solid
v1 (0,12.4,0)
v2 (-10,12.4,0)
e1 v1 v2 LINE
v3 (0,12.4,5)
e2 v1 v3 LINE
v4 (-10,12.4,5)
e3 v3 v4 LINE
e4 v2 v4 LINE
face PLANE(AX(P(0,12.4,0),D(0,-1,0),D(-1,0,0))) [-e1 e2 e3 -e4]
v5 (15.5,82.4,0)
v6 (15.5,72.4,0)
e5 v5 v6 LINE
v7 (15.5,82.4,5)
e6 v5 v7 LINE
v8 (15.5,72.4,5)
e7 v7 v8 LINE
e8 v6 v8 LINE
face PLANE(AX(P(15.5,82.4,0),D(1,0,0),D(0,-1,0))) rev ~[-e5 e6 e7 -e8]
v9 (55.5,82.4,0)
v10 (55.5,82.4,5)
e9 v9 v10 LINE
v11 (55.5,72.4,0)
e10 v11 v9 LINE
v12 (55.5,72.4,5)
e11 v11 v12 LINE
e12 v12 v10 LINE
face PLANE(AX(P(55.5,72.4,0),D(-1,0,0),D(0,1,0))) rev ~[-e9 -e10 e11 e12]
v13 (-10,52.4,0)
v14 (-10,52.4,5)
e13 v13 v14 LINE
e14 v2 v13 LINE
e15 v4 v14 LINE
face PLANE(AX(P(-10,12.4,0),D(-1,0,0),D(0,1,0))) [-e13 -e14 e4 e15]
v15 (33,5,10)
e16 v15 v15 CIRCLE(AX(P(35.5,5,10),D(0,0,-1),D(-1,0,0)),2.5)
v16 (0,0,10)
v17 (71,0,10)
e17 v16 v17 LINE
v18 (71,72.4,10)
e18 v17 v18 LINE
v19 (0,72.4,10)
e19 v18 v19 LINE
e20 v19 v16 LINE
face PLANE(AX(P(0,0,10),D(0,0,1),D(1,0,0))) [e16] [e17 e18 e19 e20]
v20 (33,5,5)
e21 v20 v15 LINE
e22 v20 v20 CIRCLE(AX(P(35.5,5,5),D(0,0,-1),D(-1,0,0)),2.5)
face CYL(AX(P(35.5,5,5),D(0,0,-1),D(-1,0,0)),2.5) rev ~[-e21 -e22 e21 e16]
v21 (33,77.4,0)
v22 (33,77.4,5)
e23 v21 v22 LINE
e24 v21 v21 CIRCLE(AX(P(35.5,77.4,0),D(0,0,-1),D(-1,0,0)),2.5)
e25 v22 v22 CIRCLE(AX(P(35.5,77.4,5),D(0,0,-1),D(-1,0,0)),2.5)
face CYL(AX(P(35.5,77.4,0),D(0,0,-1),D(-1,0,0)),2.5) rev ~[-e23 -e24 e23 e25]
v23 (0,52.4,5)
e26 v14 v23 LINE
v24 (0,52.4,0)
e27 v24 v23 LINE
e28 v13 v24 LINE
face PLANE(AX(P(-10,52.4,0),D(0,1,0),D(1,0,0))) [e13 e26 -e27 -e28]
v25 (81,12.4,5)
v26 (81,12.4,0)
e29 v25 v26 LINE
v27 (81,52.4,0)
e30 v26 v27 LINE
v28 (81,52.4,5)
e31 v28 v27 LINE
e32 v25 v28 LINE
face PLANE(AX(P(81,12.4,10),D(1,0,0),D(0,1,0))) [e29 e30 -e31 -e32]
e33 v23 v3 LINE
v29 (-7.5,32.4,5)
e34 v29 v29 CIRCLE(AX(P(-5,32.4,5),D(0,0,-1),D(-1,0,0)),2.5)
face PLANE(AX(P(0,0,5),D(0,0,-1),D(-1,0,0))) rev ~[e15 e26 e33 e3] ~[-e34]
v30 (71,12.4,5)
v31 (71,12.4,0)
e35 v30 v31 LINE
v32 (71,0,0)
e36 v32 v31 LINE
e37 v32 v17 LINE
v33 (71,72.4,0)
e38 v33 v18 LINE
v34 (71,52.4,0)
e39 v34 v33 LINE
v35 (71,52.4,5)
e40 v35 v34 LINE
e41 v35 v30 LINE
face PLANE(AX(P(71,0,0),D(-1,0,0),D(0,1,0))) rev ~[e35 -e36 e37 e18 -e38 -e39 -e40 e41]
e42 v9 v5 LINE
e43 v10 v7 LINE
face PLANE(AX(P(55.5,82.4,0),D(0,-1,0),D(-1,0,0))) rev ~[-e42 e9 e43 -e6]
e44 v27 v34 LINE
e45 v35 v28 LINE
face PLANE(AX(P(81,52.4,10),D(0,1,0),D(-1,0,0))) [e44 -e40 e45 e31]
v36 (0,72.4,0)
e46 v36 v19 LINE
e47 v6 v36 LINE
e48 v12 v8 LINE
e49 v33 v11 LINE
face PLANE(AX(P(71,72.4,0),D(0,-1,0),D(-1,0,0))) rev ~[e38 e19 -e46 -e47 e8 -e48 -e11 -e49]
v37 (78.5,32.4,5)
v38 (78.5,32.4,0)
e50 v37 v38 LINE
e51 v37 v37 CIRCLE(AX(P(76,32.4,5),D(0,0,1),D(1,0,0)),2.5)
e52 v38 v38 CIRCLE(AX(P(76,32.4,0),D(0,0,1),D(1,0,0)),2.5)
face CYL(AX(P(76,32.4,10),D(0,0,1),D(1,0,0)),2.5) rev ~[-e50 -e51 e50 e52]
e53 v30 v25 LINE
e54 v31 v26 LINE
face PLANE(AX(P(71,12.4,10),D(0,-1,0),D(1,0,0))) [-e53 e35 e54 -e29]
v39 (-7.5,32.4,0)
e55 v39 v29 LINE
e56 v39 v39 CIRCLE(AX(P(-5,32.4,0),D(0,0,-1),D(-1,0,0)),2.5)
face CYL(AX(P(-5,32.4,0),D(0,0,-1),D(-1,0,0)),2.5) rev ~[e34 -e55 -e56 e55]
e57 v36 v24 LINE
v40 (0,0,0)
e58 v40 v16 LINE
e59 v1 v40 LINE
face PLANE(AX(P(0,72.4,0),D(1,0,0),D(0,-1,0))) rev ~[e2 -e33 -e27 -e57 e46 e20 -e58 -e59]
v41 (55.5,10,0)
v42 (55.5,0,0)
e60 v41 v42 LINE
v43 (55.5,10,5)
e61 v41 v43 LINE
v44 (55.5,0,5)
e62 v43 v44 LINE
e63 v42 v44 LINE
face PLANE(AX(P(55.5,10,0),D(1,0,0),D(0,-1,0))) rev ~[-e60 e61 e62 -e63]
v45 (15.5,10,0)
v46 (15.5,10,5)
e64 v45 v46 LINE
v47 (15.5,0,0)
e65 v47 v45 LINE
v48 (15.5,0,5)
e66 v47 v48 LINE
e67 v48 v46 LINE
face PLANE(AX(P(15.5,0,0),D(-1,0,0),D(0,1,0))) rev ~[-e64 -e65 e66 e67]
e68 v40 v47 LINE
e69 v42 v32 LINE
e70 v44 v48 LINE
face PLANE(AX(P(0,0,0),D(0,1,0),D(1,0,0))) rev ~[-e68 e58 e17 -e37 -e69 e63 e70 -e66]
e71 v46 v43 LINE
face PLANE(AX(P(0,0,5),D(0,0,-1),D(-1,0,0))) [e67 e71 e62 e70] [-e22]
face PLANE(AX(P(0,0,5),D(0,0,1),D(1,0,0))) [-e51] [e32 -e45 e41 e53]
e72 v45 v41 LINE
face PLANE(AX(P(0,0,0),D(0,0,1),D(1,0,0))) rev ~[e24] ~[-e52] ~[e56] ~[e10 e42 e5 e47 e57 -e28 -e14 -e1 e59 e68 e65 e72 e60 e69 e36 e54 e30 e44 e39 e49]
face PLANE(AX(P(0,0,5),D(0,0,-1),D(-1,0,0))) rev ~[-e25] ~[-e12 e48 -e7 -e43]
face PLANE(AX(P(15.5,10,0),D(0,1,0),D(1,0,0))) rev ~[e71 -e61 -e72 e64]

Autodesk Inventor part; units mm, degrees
ref_plane "YZ Plane" through (0, 0, 0) normal (1, 0, 0) x (0, 1, 0)
ref_plane "XZ Plane" through (0, 0, 0) normal (0, 1, 0) x (-1, 0, 0)
ref_plane "XY Plane" through (0, 0, 0) normal (0, 0, 1) x (1, 0, 0)
sketch "Sketch1" plane through (0, 0, 0) normal (0, 0, 1) x (1, 0, 0)
  line L0 (0, 0) -> (71, 0)
  line L1 (71, 0) -> (71, 72.4)
  line L2 (71, 72.4) -> (0, 72.4)
  line L3 (0, 72.4) -> (0, 0)
  dimension "d0" = 71
  dimension "d1" = 72.4
extrude "Extrusion1" add sketch "Sketch1" along normal blind 10
sketch "Sketch2" plane through (0, 0, 10) normal (0, 0, 1) x (1, 0, 0)
  line L0 (71, 0) -> (71, 72.4) projected
  line L1 (71, 12.4) -> (81, 12.4)
  line L2 (81, 12.4) -> (81, 52.4)
  line L3 (81, 52.4) -> (71, 52.4)
  line L4 (71, 52.4) -> (71, 12.4)
  line L5 (71, 72.4) -> (0, 72.4) projected
  circle A0 centre (76, 32.4) radius 2.5
  line L6 (0, 0) -> (71, 0) projected
  point P0 (81, 32.4)
  point P1 (76, 52.4)
  dimension "d4" = 10
  dimension "d5" = 40
  dimension "d7" = 5
  dimension "d53" = 20
extrude "Extrusion2" add sketch "Sketch2" against normal blind 10
sketch "Sketch3" plane through (0, 0, 10) normal (0, 0, 1) x (1, 0, 0)
  line L0 (71, 52.4) -> (81, 52.4) projected
  line L1 (71, 12.4) -> (81, 12.4) projected
  line L2 (81, 52.4) -> (71, 52.4)
  line L3 (71, 52.4) -> (71, 12.4)
  line L4 (71, 12.4) -> (81, 12.4)
  line L5 (81, 12.4) -> (81, 52.4)
  point P0 (0, 0)
extrude "Extrusion3" cut sketch "Sketch3" against normal blind 5
sketch "Sketch8" plane through (0, 0, 0) normal (0, 0, -1) x (-1, 0, 0)
  line L0 (-15.5, 10) -> (-55.5, 10)
  line L1 (-55.5, 10) -> (-55.5, 0)
  line L2 (-55.5, 0) -> (-15.5, 0)
  line L3 (-15.5, 0) -> (-15.5, 10)
  line L4 (0, 0) -> (-71, 0) projected
  line L5 (-71, 0) -> (-71, 12.4) projected
  line L6 (-71, 72.4) -> (0, 72.4) projected
  point P0 (-35.5, 0)
  point P1 (-35.5, 0)
  point P2 (-35.5, 10)
  point P3 (-35.5, 72.4)
  dimension "d32" = 40
  dimension "d33" = 10
extrude "Extrusion8" cut sketch "Sketch8" against normal blind 5
sketch "Sketch9" plane through (0, 0, 5) normal (0, 0, -1) x (-1, 0, 0)
  line L0 (-55.5, 0) -> (-55.5, 10) construction
  line L1 (-15.5, 10) -> (-15.5, 0) construction
  circle A0 centre (-35.5, 5) radius 2.5
  line L2 (-55.5, 10) -> (-15.5, 10) projected
  line L3 (-15.5, 0) -> (-55.5, 0) projected
  point P0 (0, 0)
  point P1 (-35.5, 0)
  point P2 (-15.5, 5)
  dimension "d37" = 5
extrude "Extrusion9" cut sketch "Sketch9" against normal through all
sketch "Sketch10" plane through (0, 0, 0) normal (0, 0, -1) x (-1, 0, 0)
  line L0 (0, 72.4) -> (0, 0) projected
  line L1 (0, 12.4) -> (10, 12.4)
  line L2 (10, 12.4) -> (10, 52.4)
  line L3 (10, 52.4) -> (0, 52.4)
  line L4 (0, 52.4) -> (0, 12.4)
  circle A0 centre (5, 32.4) radius 2.5
  point P0 (-81, 12.4)
  point P1 (10, 32.4)
  point P2 (5, 12.4)
  dimension "d40" = 10
  dimension "d41" = 40
  dimension "d42" = 5
extrude "Extrusion10" add sketch "Sketch10" against normal blind 5
sketch "Sketch11" plane through (0, 0, 0) normal (0, 0, -1) x (-1, 0, 0)
  line L0 (-71, 72.4) -> (0, 72.4) projected
  line L1 (-15.5, 72.4) -> (-55.5, 72.4)
  line L2 (-55.5, 72.4) -> (-55.5, 82.4)
  line L3 (-55.5, 82.4) -> (-15.5, 82.4)
  line L4 (-15.5, 82.4) -> (-15.5, 72.4)
  circle A0 centre (-35.5, 77.4) radius 2.5
  point P0 (0, 0)
  point P1 (-35.5, 82.4)
  point P2 (-35.5, 72.4)
  point P3 (-15.5, 77.4)
  dimension "d46" = 40
  dimension "d47" = 10
  dimension "d48" = 5
extrude "Extrusion11" add sketch "Sketch11" against normal blind 5
properties part number "SP002" material "ABS Plastic"
